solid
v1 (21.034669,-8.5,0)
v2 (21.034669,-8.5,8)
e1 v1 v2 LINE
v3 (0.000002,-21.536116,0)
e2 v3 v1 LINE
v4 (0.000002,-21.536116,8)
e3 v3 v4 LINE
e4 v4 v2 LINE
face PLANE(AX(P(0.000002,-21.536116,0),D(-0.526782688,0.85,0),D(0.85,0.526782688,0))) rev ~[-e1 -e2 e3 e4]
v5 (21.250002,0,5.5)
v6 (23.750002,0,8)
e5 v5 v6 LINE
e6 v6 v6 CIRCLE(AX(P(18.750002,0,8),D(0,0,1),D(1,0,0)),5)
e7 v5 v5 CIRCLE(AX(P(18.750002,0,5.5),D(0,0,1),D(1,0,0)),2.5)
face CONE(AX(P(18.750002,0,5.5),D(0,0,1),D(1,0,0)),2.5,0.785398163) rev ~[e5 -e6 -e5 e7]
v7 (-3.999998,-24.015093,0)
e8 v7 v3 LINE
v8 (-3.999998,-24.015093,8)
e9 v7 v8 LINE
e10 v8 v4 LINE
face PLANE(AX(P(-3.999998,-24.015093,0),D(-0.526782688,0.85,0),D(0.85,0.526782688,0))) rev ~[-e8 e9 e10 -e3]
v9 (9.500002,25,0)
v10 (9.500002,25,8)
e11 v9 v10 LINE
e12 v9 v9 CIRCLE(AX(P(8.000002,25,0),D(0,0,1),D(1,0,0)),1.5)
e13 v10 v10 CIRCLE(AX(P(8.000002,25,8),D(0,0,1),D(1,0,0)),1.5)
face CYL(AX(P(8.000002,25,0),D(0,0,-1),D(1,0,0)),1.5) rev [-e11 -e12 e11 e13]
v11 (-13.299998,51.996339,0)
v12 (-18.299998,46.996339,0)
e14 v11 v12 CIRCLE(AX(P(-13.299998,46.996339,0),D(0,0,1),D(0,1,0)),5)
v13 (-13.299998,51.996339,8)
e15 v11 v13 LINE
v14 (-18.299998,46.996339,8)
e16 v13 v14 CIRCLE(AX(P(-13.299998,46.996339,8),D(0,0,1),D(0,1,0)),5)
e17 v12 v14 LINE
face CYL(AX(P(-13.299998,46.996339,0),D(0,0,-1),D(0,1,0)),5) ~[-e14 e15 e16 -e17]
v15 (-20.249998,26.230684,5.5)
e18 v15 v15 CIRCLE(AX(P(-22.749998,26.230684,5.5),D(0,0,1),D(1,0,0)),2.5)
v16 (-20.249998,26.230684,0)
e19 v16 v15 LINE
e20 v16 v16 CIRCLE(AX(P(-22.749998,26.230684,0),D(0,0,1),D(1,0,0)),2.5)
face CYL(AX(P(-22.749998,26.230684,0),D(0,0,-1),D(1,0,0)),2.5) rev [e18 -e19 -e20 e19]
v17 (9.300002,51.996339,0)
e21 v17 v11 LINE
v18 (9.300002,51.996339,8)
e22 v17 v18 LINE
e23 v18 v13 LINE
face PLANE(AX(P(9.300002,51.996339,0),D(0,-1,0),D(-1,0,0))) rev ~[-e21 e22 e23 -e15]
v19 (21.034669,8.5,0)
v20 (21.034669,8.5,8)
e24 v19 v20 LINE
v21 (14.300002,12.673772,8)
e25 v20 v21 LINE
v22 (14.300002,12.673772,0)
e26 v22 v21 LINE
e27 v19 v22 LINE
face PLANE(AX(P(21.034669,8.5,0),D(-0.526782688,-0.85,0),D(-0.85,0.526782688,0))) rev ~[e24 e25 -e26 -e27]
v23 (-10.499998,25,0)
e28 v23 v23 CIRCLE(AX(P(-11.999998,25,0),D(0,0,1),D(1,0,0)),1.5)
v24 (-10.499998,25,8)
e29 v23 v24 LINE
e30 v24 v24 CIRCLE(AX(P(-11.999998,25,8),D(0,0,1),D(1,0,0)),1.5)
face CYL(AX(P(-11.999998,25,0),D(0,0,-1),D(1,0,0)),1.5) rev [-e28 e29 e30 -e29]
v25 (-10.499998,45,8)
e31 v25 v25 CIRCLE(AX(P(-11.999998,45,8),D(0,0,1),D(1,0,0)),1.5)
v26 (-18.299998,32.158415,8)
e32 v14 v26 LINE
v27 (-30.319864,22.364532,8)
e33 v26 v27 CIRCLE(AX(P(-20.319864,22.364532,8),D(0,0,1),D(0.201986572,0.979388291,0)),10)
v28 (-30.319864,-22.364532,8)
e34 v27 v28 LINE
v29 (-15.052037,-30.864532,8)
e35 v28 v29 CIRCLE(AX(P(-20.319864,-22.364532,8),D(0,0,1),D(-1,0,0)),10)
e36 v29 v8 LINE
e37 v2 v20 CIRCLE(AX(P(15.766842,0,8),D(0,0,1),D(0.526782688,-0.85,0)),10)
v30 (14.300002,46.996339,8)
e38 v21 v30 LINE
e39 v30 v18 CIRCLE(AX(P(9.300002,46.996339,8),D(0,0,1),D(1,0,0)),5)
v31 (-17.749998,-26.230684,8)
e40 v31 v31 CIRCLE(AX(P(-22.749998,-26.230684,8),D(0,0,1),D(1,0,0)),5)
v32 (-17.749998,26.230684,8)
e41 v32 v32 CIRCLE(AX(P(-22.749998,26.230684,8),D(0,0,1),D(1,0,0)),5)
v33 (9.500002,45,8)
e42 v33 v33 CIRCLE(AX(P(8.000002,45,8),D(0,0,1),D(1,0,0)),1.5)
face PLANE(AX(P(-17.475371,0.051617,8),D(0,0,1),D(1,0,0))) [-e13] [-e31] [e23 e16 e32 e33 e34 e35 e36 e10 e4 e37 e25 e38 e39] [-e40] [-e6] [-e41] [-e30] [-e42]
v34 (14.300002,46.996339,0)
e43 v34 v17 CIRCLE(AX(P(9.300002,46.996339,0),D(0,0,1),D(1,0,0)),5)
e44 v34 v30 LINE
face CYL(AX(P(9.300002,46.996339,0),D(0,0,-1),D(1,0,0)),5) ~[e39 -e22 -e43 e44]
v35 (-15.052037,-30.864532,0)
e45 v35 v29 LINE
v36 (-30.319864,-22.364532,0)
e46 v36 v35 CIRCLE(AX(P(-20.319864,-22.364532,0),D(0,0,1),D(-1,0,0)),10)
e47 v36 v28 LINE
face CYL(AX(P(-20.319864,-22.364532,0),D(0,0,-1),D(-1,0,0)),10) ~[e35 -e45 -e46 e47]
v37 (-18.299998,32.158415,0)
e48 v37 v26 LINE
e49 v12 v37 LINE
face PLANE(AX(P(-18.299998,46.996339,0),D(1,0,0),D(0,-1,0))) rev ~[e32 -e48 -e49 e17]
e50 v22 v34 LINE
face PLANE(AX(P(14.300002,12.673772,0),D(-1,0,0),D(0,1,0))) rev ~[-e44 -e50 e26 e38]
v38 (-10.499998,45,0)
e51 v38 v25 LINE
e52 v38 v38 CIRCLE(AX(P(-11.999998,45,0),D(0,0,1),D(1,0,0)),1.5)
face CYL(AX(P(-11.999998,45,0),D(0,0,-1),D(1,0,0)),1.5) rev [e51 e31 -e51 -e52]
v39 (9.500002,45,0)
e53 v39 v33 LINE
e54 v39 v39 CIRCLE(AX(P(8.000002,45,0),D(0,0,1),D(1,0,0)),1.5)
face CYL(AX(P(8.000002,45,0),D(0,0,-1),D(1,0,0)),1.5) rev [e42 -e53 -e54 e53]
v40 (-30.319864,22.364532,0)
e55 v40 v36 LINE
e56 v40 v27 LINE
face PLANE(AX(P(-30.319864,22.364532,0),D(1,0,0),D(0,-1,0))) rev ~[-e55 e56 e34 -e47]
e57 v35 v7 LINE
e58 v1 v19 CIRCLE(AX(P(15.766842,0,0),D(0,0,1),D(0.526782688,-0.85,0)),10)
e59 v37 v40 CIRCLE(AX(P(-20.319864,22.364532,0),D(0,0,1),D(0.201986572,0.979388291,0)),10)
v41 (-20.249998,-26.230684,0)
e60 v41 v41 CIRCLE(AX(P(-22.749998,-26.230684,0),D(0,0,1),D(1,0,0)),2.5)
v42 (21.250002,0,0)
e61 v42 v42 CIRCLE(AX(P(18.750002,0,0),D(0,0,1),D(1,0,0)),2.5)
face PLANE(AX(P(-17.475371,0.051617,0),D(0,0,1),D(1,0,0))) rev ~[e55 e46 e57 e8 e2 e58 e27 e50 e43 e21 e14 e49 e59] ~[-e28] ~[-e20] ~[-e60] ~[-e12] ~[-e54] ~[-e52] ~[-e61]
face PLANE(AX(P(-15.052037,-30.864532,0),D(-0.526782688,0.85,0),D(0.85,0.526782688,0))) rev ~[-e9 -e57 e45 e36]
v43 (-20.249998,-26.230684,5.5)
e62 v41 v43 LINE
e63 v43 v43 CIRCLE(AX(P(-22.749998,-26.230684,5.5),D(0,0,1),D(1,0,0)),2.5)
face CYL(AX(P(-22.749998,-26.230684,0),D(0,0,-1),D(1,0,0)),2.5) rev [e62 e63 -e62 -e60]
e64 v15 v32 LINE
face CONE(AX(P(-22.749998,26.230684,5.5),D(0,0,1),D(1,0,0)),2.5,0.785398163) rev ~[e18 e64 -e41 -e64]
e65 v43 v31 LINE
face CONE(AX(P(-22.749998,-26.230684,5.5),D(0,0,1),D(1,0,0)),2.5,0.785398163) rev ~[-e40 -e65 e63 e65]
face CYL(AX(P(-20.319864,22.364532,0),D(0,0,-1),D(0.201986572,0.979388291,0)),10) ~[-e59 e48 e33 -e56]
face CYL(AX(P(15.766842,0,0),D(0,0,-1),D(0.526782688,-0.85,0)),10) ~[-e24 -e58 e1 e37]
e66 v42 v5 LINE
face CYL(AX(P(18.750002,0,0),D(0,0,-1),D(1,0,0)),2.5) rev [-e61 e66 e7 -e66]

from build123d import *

# Parameters (mm, degrees)
F0_R     = 2.5
F0_R_2   = 1.5
F1_DEPTH = 8
F2_SIZE  = 2.5


with BuildPart() as f1:
    # F0 (on Top) → F1 (new body)
    with BuildSketch(Plane.XY):
        with BuildLine():
            Line((-15.0520368258, -30.8645316162), (-3.9999979791, -24.0150931131))
            Line((-3.9999979791, -24.0150931131), (-3.9999979791, 24.0150931131))
            Line((-3.9999979791, 24.0150931131), (-15.0520368258, 30.8645316162))
            ThreePointArc((-15.0520368258, 30.8645316162), (-16.6190328357, 31.6545182091), (-18.2999979791, 32.1584145265))
            ThreePointArc((-18.2999979791, 32.1584145265), (-26.636561525, 30.1169072918), (-30.3198637023, 22.3645316162))
            Line((-30.3198637023, 22.3645316162), (-30.3198637023, -22.3645316162))
            ThreePointArc((-30.3198637023, -22.3645316162), (-25.1841072835, -31.1017585437), (-15.0520368258, -30.8645316162))
        make_face()
        with Locations((-22.7499979791, -26.2306838291)):
            Circle(F0_R, mode=Mode.SUBTRACT)
        with Locations((-22.7499979791, 26.2306838291)):
            Circle(F0_R, mode=Mode.SUBTRACT)
        with Locations((-11.9999979791, 25)):
            Circle(F0_R_2, mode=Mode.SUBTRACT)
        Polygon((-3.9999979791, -24.0150931131), (2.0209e-06, -21.5361157595), (2.0209e-06, 21.5361157595), (-3.9999979791, 24.0150931131), align=None)
        with BuildLine():
            Line((2.0209e-06, -21.5361157595), (21.0346689823, -8.5))
            ThreePointArc((21.0346689823, -8.5), (25.7668421059, 0), (21.0346689823, 8.5))
            Line((21.0346689823, 8.5), (14.3000020209, 12.6737717203))
            Line((14.3000020209, 12.6737717203), (2.0209e-06, 21.5361157595))
            Line((2.0209e-06, 21.5361157595), (2.0209e-06, -21.5361157595))
        make_face()
        with Locations((18.7500020209, 0)):
            Circle(F0_R, mode=Mode.SUBTRACT)
        with BuildLine():
            Line((2.0209e-06, 51.9963389607), (2.0209e-06, 21.5361157595))
            Line((2.0209e-06, 21.5361157595), (14.3000020209, 12.6737717203))
            Line((14.3000020209, 12.6737717203), (14.3000020209, 46.9963389607))
            ThreePointArc((14.3000020209, 46.9963389607), (12.8355359268, 50.5318728667), (9.3000020209, 51.9963389607))
            Line((9.3000020209, 51.9963389607), (2.0209e-06, 51.9963389607))
        make_face()
        with Locations((8.0000020209, 25)):
            Circle(F0_R_2, mode=Mode.SUBTRACT)
        with Locations((8.0000020209, 45)):
            Circle(F0_R_2, mode=Mode.SUBTRACT)
        Polygon((-3.9999979791, 24.0150931131), (2.0209e-06, 21.5361157595), (2.0209e-06, 51.9963389607), (-3.9999979791, 51.9963389607), align=None)
        with BuildLine():
            Line((-15.0520368258, 30.8645316162), (-3.9999979791, 24.0150931131))
            Line((-3.9999979791, 24.0150931131), (-3.9999979791, 51.9963389607))
            Line((-3.9999979791, 51.9963389607), (-13.2999979791, 51.9963389607))
            ThreePointArc((-13.2999979791, 51.9963389607), (-16.835531885, 50.5318728667), (-18.2999979791, 46.9963389607))
            Line((-18.2999979791, 46.9963389607), (-18.2999979791, 32.1584145265))
            ThreePointArc((-18.2999979791, 32.1584145265), (-16.6190328357, 31.6545182091), (-15.0520368258, 30.8645316162))
        make_face()
        with Locations((-11.9999979791, 45)):
            Circle(F0_R_2, mode=Mode.SUBTRACT)
    extrude(amount=F1_DEPTH)

    # F2
    f2_edges = [f1.edges().sort_by_distance(p)[0] for p in [
        (-25.249998, -26.230684, 8),
        (-25.249998, 26.230684, 8),
        (16.250002, 0, 8),
    ]]
    chamfer(f2_edges, length=F2_SIZE)


solid = f1.part
